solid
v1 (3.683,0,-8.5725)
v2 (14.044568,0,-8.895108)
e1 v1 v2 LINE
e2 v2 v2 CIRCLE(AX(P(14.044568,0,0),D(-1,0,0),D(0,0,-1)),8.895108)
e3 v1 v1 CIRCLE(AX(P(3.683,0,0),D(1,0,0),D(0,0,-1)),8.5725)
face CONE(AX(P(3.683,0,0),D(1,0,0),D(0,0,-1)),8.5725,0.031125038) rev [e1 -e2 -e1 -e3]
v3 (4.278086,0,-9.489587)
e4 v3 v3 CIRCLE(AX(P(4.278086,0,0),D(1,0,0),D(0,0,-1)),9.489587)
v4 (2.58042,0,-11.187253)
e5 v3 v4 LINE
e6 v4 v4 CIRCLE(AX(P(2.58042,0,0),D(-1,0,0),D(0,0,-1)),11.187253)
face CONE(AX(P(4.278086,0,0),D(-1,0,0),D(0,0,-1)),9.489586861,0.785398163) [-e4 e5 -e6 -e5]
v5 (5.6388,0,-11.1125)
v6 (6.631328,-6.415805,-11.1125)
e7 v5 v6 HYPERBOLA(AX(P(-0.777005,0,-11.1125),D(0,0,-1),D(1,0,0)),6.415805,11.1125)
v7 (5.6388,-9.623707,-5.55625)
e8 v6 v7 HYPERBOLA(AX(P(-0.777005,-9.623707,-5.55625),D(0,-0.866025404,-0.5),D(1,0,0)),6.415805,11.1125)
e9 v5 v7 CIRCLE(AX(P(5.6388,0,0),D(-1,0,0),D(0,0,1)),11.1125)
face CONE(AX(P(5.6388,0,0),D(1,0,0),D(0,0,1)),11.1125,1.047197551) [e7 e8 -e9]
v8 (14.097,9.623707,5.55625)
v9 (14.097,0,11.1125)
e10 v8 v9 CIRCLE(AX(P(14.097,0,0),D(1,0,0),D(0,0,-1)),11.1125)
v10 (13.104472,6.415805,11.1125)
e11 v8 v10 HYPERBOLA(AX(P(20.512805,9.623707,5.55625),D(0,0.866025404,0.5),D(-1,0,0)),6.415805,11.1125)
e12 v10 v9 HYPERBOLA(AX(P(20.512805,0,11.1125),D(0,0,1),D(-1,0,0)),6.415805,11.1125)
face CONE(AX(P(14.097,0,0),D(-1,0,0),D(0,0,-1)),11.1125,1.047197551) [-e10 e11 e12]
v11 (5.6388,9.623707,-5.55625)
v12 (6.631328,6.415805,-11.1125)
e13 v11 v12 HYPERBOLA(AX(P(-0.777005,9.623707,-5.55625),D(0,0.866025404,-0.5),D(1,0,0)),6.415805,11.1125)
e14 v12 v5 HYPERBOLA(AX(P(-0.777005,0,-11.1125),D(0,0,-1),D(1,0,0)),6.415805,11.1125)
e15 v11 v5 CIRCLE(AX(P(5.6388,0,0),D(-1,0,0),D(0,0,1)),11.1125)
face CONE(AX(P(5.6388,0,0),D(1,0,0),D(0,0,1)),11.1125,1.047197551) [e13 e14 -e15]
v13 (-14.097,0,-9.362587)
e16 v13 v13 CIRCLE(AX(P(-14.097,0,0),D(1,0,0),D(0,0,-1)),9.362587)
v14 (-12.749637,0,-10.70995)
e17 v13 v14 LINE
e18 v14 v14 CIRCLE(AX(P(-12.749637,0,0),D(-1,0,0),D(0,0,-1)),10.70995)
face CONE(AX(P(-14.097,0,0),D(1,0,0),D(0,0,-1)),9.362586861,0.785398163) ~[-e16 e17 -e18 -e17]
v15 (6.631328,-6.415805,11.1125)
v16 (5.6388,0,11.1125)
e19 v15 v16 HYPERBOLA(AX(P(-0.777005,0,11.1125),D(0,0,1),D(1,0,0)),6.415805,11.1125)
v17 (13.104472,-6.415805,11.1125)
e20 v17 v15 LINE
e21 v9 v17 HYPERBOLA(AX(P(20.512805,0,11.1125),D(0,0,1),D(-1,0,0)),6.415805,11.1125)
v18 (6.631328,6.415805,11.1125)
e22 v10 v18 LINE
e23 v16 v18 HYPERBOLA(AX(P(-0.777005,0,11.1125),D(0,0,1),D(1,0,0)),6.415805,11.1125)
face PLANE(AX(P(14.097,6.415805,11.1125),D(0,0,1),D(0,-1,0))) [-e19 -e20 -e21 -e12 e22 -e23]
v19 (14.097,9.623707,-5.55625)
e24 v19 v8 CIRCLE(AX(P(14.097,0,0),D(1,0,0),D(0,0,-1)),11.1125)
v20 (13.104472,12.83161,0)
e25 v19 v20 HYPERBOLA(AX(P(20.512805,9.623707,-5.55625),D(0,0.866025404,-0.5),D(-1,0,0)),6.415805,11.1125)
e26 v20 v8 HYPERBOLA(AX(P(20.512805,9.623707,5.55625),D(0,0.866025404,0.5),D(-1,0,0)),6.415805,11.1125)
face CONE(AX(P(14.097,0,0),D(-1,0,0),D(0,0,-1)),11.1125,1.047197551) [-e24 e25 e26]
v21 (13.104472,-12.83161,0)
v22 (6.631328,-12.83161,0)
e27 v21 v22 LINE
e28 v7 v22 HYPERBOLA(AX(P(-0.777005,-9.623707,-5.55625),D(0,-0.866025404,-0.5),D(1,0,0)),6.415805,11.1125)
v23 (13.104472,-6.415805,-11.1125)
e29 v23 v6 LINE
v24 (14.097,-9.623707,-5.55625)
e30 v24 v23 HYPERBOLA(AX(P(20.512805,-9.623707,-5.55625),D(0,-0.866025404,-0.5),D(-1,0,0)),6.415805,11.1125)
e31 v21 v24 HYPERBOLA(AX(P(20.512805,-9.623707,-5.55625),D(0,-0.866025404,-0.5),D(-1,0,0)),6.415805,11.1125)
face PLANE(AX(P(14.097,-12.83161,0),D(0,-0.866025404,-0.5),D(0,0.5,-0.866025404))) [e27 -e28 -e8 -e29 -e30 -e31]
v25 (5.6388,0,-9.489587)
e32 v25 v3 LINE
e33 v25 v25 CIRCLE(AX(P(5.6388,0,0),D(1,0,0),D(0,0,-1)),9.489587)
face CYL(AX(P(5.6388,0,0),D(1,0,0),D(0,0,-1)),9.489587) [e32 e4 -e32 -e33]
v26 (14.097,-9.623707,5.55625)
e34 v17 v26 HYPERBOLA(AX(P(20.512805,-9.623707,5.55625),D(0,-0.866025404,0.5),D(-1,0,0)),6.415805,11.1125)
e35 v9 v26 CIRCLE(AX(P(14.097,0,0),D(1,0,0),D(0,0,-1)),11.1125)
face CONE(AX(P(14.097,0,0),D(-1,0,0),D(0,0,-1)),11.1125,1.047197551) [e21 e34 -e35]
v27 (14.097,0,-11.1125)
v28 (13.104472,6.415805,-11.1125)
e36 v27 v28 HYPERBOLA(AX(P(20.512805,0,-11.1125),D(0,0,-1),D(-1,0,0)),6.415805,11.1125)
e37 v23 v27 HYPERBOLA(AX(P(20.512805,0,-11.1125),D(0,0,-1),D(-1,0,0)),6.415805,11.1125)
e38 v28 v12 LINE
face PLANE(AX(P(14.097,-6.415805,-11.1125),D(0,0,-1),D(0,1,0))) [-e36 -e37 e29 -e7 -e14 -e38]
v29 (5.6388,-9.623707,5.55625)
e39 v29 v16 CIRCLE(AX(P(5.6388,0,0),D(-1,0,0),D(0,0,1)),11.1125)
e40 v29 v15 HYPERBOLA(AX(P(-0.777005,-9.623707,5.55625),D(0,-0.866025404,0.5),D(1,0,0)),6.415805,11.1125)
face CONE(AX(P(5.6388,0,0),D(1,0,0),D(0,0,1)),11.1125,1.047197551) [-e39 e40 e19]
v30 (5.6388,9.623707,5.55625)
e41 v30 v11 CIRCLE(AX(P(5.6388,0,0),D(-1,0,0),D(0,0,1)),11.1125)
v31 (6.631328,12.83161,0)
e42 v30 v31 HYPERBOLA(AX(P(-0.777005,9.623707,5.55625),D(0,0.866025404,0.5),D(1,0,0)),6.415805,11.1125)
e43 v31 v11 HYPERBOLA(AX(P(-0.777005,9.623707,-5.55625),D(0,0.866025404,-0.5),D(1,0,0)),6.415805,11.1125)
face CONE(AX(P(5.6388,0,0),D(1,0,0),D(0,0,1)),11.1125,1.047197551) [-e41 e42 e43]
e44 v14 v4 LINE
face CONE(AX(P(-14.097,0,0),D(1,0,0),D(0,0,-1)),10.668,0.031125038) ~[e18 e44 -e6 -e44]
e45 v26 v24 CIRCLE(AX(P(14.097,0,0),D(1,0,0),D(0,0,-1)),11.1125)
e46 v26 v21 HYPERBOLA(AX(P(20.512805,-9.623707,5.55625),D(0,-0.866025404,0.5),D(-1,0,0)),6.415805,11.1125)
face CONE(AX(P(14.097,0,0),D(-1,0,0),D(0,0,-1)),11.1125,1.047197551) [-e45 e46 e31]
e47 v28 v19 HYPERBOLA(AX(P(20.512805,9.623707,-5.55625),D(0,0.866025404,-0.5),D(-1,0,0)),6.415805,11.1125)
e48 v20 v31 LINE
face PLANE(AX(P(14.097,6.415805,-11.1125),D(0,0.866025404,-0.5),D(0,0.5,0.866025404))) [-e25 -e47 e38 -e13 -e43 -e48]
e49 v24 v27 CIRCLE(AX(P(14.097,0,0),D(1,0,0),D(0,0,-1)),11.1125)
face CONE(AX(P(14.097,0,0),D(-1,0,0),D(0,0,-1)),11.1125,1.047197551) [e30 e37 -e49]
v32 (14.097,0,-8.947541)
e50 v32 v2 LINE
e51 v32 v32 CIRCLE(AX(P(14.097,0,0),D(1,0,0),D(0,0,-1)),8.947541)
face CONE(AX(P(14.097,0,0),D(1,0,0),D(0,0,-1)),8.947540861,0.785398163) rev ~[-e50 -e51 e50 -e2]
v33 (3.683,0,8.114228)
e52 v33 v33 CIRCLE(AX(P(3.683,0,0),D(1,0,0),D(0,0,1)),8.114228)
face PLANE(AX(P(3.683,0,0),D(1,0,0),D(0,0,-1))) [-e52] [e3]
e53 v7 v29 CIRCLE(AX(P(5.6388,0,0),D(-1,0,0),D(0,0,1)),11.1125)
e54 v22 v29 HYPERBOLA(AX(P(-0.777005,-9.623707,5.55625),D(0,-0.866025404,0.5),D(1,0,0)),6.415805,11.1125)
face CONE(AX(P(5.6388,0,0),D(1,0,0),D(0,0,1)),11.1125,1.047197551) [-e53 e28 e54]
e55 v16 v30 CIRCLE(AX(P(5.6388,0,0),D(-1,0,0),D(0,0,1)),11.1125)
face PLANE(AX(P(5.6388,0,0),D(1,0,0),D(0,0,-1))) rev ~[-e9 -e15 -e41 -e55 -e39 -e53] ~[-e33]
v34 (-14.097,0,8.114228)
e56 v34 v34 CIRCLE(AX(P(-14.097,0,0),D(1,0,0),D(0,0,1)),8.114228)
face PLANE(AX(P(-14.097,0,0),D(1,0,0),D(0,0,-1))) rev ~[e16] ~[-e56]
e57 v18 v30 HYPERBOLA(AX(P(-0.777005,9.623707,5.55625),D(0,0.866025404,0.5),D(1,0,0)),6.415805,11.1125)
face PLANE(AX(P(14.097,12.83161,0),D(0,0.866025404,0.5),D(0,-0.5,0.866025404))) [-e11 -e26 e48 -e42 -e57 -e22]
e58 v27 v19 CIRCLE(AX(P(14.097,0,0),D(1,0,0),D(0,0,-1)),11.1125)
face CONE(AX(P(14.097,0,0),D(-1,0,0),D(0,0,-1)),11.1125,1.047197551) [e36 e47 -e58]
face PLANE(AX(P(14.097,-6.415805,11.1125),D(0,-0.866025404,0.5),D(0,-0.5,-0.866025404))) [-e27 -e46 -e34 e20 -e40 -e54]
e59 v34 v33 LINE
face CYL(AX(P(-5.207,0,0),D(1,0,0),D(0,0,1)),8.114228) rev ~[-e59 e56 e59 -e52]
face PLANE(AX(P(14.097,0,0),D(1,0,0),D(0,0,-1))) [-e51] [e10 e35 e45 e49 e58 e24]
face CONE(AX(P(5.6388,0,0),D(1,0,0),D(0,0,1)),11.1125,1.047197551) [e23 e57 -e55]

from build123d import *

# Parameters (mm, degrees)
SKETCH2_R          = 10.668
EXTRUDE1_DEPTH     = 28.194
EXTRUDE1_DRAFT     = -1.783333333
SKETCH5_OUTSIDE_W  = 100.882
SKETCH5_OUTSIDE_H  = 100.882
SKETCH5_OUTSIDE_R  = 9.362586861
CUT_EXTRUDE1_DEPTH = 33.580879133
CUT_EXTRUDE1_DRAFT = 45
SKETCH8_R          = 17.018
CUT_EXTRUDE4_DEPTH = 26.614719415
SKETCH9_OUTSIDE_W  = 32.068
SKETCH9_OUTSIDE_H  = 32.068
SKETCH9_OUTSIDE_R  = 9.489586861
CUT_EXTRUDE5_DEPTH = 1.360714286
SKETCH10_OUTSIDE_W = 82.558
SKETCH10_OUTSIDE_H = 82.558
SKETCH10_OUTSIDE_R = 9.489586861
CUT_EXTRUDE6_DEPTH = 25.296582495
CUT_EXTRUDE6_DRAFT = -45
EXTRUDE2_DEPTH     = 8.4582
SKETCH7_OUTSIDE_W  = 150.768
SKETCH7_OUTSIDE_H  = 154.058
SKETCH7_OUTSIDE_R  = 11.1125
CUT_EXTRUDE2_DEPTH = 33.934882333
CUT_EXTRUDE2_DRAFT = -60
SKETCH18_OUTSIDE_W = 67.856
SKETCH18_OUTSIDE_H = 71.146
SKETCH18_OUTSIDE_R = 11.1125
EXTRUDE3_DEPTH     = 10
EXTRUDE3_DRAFT     = -60
SKETCH11_R         = 8.5725
CUT_EXTRUDE7_DEPTH = 25.615711208
CUT_EXTRUDE7_DRAFT = -1.783333333
SKETCH16_R         = 8.947540861
CUT_EXTRUDE9_DEPTH = 6.35
CUT_EXTRUDE9_DRAFT = -45
SKETCH17_W         = 17.78
SKETCH17_H         = 8.114228224


with BuildPart() as part:
    # Sketch2 → Extrude1 (with draft: the straight prism first)
    with BuildSketch(Plane(origin=(-14.097, 0, 0), x_dir=(0, 0, -1), z_dir=(1, 0, 0))):
        Circle(SKETCH2_R)
    extrude(amount=EXTRUDE1_DEPTH)
    # Extrude1: the draft: its side faces are tilted about the plane it starts from
    extrude1_sides = [part.faces().sort_by_distance(p)[0] for p in [
        (0, 0, 10.668),
    ]]
    draft(extrude1_sides, Plane(origin=(-14.097, 0, 0), x_dir=(0, 0, -1), z_dir=(1, 0, 0)), EXTRUDE1_DRAFT)


with BuildPart() as cut_extrude1_tool:
    # Sketch5 outside → Cut-Extrude1 (with draft: the straight prism first)
    with BuildSketch(Plane(origin=(-14.097, 0, 0), x_dir=(0, 0, -1), z_dir=(1, 0, 0))):
        Rectangle(SKETCH5_OUTSIDE_W, SKETCH5_OUTSIDE_H)
        Circle(SKETCH5_OUTSIDE_R, mode=Mode.SUBTRACT)
    extrude(amount=CUT_EXTRUDE1_DEPTH)
    # Cut-Extrude1: the draft: its side faces are tilted about the plane it starts from
    cut_extrude1_sides = [cut_extrude1_tool.faces().sort_by_distance(p)[0] for p in [
        (2.693439567, -50.441, 0),
        (2.693439567, 0, -50.441),
        (2.693439567, 50.441, 0),
        (2.693439567, 0, 50.441),
        (2.693439567, 0, 9.362586861),
    ]]
    draft(cut_extrude1_sides, Plane(origin=(-14.097, 0, 0), x_dir=(0, 0, -1), z_dir=(1, 0, 0)), CUT_EXTRUDE1_DRAFT)


with BuildPart() as part_1:
    add(part.part)

    # Cut-Extrude1: cut by cut_extrude1_tool
    add(cut_extrude1_tool.part, mode=Mode.SUBTRACT)

    # Sketch8 → Cut-Extrude4 (cut, through all)
    with BuildSketch(Plane(origin=(5.6388, 0, 0), x_dir=(0, 0, -1), z_dir=(1, 0, 0))):
        Circle(SKETCH8_R)
    extrude(amount=CUT_EXTRUDE4_DEPTH, mode=Mode.SUBTRACT)

    # Sketch9 outside → Cut-Extrude5 (cut)
    with BuildSketch(Plane(origin=(5.6388, 0, 0), x_dir=(0, 0, -1), z_dir=(1, 0, 0))):
        Rectangle(SKETCH9_OUTSIDE_W, SKETCH9_OUTSIDE_H)
        Circle(SKETCH9_OUTSIDE_R, mode=Mode.SUBTRACT)
    extrude(amount=-CUT_EXTRUDE5_DEPTH, mode=Mode.SUBTRACT)


with BuildPart() as cut_extrude6_tool:
    # Sketch10 outside → Cut-Extrude6 (with draft: the straight prism first)
    with BuildSketch(Plane(origin=(4.278085714, 0, 0), x_dir=(0, 0, -1), z_dir=(1, 0, 0))):
        Rectangle(SKETCH10_OUTSIDE_W, SKETCH10_OUTSIDE_H)
        Circle(SKETCH10_OUTSIDE_R, mode=Mode.SUBTRACT)
    extrude(amount=-CUT_EXTRUDE6_DEPTH)
    # Cut-Extrude6: the draft: its side faces are tilted about the plane it starts from
    cut_extrude6_sides = [cut_extrude6_tool.faces().sort_by_distance(p)[0] for p in [
        (-8.370205533, -41.279, 0),
        (-8.370205533, 0, -41.279),
        (-8.370205533, 41.279, 0),
        (-8.370205533, 0, 41.279),
        (-8.370205533, 0, 9.489586861),
    ]]
    draft(cut_extrude6_sides, Plane(origin=(4.278085714, 0, 0), x_dir=(0, 0, -1), z_dir=(1, 0, 0)), CUT_EXTRUDE6_DRAFT)


with BuildPart() as part_2:
    add(part_1.part)

    # Cut-Extrude6: cut by cut_extrude6_tool
    add(cut_extrude6_tool.part, mode=Mode.SUBTRACT)

    # Sketch6 → Extrude2 (add)
    with BuildSketch(Plane(origin=(14.097, 0, 0), x_dir=(0, 0, -1), z_dir=(1, 0, 0))):
        Polygon((0, 12.831609733), (-11.1125, 6.415804866), (-11.1125, -6.415804866), (0, -12.831609733), (11.1125, -6.415804866), (11.1125, 6.415804866), align=None)
    extrude(amount=-EXTRUDE2_DEPTH)


with BuildPart() as cut_extrude2_tool:
    # Sketch7 outside → Cut-Extrude2 (with draft: the straight prism first)
    with BuildSketch(Plane(origin=(14.097, 0, 0), x_dir=(0, 0, -1), z_dir=(1, 0, 0))):
        Rectangle(SKETCH7_OUTSIDE_W, SKETCH7_OUTSIDE_H)
        Circle(SKETCH7_OUTSIDE_R, mode=Mode.SUBTRACT)
    extrude(amount=-CUT_EXTRUDE2_DEPTH)
    # Cut-Extrude2: the draft: its side faces are tilted about the plane it starts from
    cut_extrude2_sides = [cut_extrude2_tool.faces().sort_by_distance(p)[0] for p in [
        (-2.870441167, -77.029, 0),
        (-2.870441167, 0, -75.384),
        (-2.870441167, 77.029, 0),
        (-2.870441167, 0, 75.384),
        (-2.870441167, 0, 11.1125),
    ]]
    draft(cut_extrude2_sides, Plane(origin=(14.097, 0, 0), x_dir=(0, 0, -1), z_dir=(1, 0, 0)), CUT_EXTRUDE2_DRAFT)


with BuildPart() as part_3:
    add(part_2.part)

    # Cut-Extrude2: cut by cut_extrude2_tool
    add(cut_extrude2_tool.part, mode=Mode.SUBTRACT)


with BuildPart() as extrude3_tool:
    # Sketch18 outside → Extrude3 (with draft: the straight prism first)
    with BuildSketch(Plane.ZY.offset(-5.6388)):
        Rectangle(SKETCH18_OUTSIDE_W, SKETCH18_OUTSIDE_H)
        Circle(SKETCH18_OUTSIDE_R, mode=Mode.SUBTRACT)
    extrude(amount=-EXTRUDE3_DEPTH)
    # Extrude3: the draft: its side faces are tilted about the plane it starts from
    extrude3_sides = [extrude3_tool.faces().sort_by_distance(p)[0] for p in [
        (10.6388, -35.573, 0),
        (10.6388, 0, 33.928),
        (10.6388, 35.573, 0),
        (10.6388, 0, -33.928),
        (10.6388, 0, -11.1125),
    ]]
    draft(extrude3_sides, Plane.ZY.offset(-5.6388), EXTRUDE3_DRAFT)


with BuildPart() as part_4:
    add(part_3.part)

    # Extrude3: cut by extrude3_tool
    add(extrude3_tool.part, mode=Mode.SUBTRACT)


with BuildPart() as cut_extrude7_tool:
    # Sketch11 → Cut-Extrude7 (with draft: the straight prism first)
    with BuildSketch(Plane(origin=(3.683, 0, 0), x_dir=(0, 0, -1), z_dir=(1, 0, 0))):
        Circle(SKETCH11_R)
    extrude(amount=CUT_EXTRUDE7_DEPTH)
    # Cut-Extrude7: the draft: its side faces are tilted about the plane it starts from
    cut_extrude7_sides = [cut_extrude7_tool.faces().sort_by_distance(p)[0] for p in [
        (16.490855604, 0, 8.5725),
    ]]
    draft(cut_extrude7_sides, Plane(origin=(3.683, 0, 0), x_dir=(0, 0, -1), z_dir=(1, 0, 0)), CUT_EXTRUDE7_DRAFT)


with BuildPart() as part_5:
    add(part_4.part)

    # Cut-Extrude7: cut by cut_extrude7_tool
    add(cut_extrude7_tool.part, mode=Mode.SUBTRACT)


with BuildPart() as cut_extrude9_tool:
    # Sketch16 → Cut-Extrude9 (with draft: the straight prism first)
    with BuildSketch(Plane(origin=(14.097, 0, 0), x_dir=(0, 0, -1), z_dir=(1, 0, 0))):
        Circle(SKETCH16_R)
    extrude(amount=-CUT_EXTRUDE9_DEPTH)
    # Cut-Extrude9: the draft: its side faces are tilted about the plane it starts from
    cut_extrude9_sides = [cut_extrude9_tool.faces().sort_by_distance(p)[0] for p in [
        (10.922, 0, 8.947540861),
    ]]
    draft(cut_extrude9_sides, Plane(origin=(14.097, 0, 0), x_dir=(0, 0, -1), z_dir=(1, 0, 0)), CUT_EXTRUDE9_DRAFT)


with BuildPart() as part_6:
    add(part_5.part)

    # Cut-Extrude9: cut by cut_extrude9_tool
    add(cut_extrude9_tool.part, mode=Mode.SUBTRACT)

    # Sketch17 → Cut-Revolve1 (revolve, cut)
    with BuildSketch(Plane.XY, mode=Mode.PRIVATE) as cut_revolve1_sk:
        with Locations((-5.207, 4.057114112)):
            Rectangle(SKETCH17_W, SKETCH17_H)
    revolve(cut_revolve1_sk.sketch.rotate(Axis((-14.097, 0, 0), (1, 0, 0)), 90), axis=Axis((-14.097, 0, 0), (1, 0, 0)), mode=Mode.SUBTRACT)


solid = part_6.part
